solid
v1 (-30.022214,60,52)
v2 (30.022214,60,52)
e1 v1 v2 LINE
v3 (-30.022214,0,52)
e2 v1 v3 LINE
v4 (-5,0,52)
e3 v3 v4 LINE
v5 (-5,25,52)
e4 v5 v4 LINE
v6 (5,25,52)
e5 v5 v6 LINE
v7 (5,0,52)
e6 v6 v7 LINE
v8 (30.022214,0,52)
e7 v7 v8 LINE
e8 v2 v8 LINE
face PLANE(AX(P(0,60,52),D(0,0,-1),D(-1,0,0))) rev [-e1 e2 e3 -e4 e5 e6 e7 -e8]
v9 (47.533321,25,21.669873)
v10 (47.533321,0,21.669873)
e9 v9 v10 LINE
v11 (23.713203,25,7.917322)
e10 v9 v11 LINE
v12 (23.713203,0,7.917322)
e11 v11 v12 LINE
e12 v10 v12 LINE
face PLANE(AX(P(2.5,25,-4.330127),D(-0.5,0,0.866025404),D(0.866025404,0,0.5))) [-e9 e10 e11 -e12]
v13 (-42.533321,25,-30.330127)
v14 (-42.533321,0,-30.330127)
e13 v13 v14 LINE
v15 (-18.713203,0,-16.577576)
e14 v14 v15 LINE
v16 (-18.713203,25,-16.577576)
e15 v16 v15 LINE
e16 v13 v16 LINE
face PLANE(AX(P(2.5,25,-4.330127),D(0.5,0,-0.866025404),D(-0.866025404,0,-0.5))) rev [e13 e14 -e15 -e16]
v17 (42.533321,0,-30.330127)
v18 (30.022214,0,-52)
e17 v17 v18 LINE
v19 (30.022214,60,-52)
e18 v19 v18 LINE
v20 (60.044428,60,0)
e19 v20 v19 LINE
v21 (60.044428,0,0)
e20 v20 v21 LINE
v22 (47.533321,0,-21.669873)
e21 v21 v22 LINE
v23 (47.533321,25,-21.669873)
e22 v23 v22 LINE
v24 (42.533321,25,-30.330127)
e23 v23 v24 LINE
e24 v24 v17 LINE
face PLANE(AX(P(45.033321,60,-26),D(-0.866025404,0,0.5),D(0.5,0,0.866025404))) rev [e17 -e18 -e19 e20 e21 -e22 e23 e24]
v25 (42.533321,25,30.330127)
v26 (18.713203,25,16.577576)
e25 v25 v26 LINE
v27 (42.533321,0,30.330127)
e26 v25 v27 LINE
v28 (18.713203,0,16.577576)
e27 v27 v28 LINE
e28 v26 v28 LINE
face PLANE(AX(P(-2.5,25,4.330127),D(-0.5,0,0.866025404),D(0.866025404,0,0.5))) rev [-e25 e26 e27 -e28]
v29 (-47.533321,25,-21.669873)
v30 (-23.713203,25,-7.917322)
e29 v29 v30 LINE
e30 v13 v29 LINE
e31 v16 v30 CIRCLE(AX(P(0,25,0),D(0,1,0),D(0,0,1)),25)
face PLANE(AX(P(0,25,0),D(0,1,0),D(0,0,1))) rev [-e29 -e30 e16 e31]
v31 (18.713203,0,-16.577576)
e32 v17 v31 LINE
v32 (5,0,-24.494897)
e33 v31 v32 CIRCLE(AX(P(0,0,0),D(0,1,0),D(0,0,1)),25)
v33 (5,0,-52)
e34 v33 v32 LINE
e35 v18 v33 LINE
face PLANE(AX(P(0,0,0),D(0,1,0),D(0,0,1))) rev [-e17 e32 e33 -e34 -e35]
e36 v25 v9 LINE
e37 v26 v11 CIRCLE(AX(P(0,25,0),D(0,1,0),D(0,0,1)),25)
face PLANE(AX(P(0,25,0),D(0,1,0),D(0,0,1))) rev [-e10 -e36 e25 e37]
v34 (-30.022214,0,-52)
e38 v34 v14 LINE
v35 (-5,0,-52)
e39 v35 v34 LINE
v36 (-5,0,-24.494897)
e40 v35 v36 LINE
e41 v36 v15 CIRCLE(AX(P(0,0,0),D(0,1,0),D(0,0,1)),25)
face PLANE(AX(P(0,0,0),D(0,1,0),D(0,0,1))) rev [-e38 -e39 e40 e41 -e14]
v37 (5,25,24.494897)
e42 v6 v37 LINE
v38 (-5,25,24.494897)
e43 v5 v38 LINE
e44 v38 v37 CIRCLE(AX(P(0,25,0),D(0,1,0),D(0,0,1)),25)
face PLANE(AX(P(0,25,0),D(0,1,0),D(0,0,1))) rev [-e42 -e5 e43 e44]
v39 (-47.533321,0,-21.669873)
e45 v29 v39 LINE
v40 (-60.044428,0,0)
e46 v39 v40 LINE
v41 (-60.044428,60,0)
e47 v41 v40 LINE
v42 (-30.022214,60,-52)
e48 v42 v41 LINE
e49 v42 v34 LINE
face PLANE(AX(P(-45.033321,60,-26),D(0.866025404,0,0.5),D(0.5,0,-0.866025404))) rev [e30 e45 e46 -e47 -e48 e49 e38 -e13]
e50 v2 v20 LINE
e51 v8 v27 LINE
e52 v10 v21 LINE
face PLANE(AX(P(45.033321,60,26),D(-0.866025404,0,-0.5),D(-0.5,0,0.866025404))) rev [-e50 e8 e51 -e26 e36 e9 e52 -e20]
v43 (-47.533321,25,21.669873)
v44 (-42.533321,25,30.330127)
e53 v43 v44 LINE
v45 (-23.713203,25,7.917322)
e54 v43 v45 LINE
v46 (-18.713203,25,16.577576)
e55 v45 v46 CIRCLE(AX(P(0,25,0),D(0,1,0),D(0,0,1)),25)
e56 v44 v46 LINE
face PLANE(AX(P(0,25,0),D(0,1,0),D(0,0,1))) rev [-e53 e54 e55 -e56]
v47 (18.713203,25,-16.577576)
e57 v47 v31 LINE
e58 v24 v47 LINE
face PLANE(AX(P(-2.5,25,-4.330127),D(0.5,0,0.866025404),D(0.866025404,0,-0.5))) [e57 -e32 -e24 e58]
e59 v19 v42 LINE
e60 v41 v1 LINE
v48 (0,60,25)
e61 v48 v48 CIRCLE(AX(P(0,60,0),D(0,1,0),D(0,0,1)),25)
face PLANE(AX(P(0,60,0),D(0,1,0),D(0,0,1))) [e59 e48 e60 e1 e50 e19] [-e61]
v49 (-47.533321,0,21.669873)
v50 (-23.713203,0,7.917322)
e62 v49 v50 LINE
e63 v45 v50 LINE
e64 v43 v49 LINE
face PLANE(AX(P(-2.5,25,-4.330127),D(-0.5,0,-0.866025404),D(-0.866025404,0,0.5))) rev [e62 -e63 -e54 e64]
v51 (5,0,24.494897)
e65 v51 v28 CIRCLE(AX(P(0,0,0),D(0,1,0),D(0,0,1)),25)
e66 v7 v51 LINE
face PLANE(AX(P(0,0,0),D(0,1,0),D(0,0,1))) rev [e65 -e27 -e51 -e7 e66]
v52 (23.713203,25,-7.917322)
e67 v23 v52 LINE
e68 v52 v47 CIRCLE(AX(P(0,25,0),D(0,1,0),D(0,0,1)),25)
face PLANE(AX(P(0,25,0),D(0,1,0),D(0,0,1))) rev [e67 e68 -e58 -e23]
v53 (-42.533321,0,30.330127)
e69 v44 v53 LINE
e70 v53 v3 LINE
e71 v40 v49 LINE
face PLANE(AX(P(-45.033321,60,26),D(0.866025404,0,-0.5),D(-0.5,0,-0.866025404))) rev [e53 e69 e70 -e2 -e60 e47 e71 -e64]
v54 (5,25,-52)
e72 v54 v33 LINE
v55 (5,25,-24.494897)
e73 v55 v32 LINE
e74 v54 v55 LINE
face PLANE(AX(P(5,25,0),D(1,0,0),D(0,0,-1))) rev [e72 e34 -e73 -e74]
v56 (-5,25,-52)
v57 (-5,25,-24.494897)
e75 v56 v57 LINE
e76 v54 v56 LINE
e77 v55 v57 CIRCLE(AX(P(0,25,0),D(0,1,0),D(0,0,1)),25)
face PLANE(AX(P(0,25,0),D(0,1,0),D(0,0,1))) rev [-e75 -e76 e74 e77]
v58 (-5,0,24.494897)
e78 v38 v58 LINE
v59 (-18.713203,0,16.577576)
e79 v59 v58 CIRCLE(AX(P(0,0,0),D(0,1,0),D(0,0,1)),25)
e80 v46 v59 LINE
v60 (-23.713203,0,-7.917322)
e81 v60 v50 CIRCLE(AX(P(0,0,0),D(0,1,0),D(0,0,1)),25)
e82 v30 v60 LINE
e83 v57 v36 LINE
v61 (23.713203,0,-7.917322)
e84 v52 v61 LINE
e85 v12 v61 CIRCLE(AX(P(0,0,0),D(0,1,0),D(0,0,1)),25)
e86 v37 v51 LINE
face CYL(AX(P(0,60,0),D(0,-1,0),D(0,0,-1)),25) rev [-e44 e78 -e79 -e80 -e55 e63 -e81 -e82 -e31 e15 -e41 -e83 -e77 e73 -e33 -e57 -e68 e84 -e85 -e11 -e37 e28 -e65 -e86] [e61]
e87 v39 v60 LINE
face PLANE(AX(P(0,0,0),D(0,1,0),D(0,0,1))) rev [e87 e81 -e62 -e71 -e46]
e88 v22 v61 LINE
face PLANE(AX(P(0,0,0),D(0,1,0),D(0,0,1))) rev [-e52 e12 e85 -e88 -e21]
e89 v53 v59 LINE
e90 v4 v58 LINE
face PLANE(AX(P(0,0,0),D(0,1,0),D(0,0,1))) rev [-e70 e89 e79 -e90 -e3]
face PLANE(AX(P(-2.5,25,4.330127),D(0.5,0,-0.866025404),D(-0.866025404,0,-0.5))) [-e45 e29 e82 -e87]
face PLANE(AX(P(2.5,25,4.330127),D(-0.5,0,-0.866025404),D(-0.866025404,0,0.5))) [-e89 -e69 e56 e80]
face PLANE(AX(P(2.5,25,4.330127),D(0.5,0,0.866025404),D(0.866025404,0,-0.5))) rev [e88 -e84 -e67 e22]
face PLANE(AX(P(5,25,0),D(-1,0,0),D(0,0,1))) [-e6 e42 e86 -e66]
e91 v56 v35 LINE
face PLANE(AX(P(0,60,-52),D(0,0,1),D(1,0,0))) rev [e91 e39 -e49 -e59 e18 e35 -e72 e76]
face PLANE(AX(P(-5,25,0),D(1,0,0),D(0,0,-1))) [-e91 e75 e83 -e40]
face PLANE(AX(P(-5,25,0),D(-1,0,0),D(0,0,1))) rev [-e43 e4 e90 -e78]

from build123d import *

# Parameters (mm, degrees)
SKETCH1_R           = 25
BOSS_EXTRUDE1_DEPTH = 60
CUT_EXTRUDE1_DEPTH  = 25


with BuildPart() as part:
    # Sketch1 → Boss-Extrude1 (new body)
    with BuildSketch(Plane(origin=(0, 0, 0), x_dir=(1, 0, 0), z_dir=(0, 1, 0))):
        Polygon((30.022213998, -52), (60.044427996, 0), (30.022213998, 52), (-30.022213998, 52), (-60.044427996, 0), (-30.022213998, -52), align=None)
        Circle(SKETCH1_R, mode=Mode.SUBTRACT)
    extrude(amount=BOSS_EXTRUDE1_DEPTH)

    # Sketch1<4> → Cut-Extrude1 (cut)
    with BuildSketch(Plane(origin=(0, 0, 0), x_dir=(1, 0, 0), z_dir=(0, 1, 0))):
        with BuildLine():
            Line((18.713203436, -16.577575733), (42.533320997, -30.330127019))
            Line((42.533320997, -30.330127019), (47.533320997, -21.669872981))
            Line((47.533320997, -21.669872981), (23.713203436, -7.917321695))
            ThreePointArc((23.713203436, -7.917321695), (21.650635095, -12.5), (18.713203436, -16.577575733))
        make_face()
        with BuildLine():
            Line((-5, -52), (5, -52))
            Line((5, -52), (5, -24.494897428))
            ThreePointArc((5, -24.494897428), (0, -25), (-5, -24.494897428))
            Line((-5, -24.494897428), (-5, -52))
        make_face()
        with BuildLine():
            Line((23.713203436, 7.917321695), (47.533320997, 21.669872981))
            Line((47.533320997, 21.669872981), (42.533320997, 30.330127019))
            Line((42.533320997, 30.330127019), (18.713203436, 16.577575733))
            ThreePointArc((18.713203436, 16.577575733), (21.650635095, 12.5), (23.713203436, 7.917321695))
        make_face()
        with BuildLine():
            Line((-47.533320997, -21.669872981), (-42.533320997, -30.330127019))
            Line((-42.533320997, -30.330127019), (-18.713203436, -16.577575733))
            ThreePointArc((-18.713203436, -16.577575733), (-21.650635095, -12.5), (-23.713203436, -7.917321695))
            Line((-23.713203436, -7.917321695), (-47.533320997, -21.669872981))
        make_face()
        with BuildLine():
            Line((-47.533320997, 21.669872981), (-23.713203436, 7.917321695))
            ThreePointArc((-23.713203436, 7.917321695), (-21.650635095, 12.5), (-18.713203436, 16.577575733))
            Line((-18.713203436, 16.577575733), (-42.533320997, 30.330127019))
            Line((-42.533320997, 30.330127019), (-47.533320997, 21.669872981))
        make_face()
        with BuildLine():
            Line((5, 24.494897428), (5, 52))
            Line((5, 52), (-5, 52))
            Line((-5, 52), (-5, 24.494897428))
            ThreePointArc((-5, 24.494897428), (0, 25), (5, 24.494897428))
        make_face()
    extrude(amount=CUT_EXTRUDE1_DEPTH, mode=Mode.SUBTRACT)


solid = part.part
